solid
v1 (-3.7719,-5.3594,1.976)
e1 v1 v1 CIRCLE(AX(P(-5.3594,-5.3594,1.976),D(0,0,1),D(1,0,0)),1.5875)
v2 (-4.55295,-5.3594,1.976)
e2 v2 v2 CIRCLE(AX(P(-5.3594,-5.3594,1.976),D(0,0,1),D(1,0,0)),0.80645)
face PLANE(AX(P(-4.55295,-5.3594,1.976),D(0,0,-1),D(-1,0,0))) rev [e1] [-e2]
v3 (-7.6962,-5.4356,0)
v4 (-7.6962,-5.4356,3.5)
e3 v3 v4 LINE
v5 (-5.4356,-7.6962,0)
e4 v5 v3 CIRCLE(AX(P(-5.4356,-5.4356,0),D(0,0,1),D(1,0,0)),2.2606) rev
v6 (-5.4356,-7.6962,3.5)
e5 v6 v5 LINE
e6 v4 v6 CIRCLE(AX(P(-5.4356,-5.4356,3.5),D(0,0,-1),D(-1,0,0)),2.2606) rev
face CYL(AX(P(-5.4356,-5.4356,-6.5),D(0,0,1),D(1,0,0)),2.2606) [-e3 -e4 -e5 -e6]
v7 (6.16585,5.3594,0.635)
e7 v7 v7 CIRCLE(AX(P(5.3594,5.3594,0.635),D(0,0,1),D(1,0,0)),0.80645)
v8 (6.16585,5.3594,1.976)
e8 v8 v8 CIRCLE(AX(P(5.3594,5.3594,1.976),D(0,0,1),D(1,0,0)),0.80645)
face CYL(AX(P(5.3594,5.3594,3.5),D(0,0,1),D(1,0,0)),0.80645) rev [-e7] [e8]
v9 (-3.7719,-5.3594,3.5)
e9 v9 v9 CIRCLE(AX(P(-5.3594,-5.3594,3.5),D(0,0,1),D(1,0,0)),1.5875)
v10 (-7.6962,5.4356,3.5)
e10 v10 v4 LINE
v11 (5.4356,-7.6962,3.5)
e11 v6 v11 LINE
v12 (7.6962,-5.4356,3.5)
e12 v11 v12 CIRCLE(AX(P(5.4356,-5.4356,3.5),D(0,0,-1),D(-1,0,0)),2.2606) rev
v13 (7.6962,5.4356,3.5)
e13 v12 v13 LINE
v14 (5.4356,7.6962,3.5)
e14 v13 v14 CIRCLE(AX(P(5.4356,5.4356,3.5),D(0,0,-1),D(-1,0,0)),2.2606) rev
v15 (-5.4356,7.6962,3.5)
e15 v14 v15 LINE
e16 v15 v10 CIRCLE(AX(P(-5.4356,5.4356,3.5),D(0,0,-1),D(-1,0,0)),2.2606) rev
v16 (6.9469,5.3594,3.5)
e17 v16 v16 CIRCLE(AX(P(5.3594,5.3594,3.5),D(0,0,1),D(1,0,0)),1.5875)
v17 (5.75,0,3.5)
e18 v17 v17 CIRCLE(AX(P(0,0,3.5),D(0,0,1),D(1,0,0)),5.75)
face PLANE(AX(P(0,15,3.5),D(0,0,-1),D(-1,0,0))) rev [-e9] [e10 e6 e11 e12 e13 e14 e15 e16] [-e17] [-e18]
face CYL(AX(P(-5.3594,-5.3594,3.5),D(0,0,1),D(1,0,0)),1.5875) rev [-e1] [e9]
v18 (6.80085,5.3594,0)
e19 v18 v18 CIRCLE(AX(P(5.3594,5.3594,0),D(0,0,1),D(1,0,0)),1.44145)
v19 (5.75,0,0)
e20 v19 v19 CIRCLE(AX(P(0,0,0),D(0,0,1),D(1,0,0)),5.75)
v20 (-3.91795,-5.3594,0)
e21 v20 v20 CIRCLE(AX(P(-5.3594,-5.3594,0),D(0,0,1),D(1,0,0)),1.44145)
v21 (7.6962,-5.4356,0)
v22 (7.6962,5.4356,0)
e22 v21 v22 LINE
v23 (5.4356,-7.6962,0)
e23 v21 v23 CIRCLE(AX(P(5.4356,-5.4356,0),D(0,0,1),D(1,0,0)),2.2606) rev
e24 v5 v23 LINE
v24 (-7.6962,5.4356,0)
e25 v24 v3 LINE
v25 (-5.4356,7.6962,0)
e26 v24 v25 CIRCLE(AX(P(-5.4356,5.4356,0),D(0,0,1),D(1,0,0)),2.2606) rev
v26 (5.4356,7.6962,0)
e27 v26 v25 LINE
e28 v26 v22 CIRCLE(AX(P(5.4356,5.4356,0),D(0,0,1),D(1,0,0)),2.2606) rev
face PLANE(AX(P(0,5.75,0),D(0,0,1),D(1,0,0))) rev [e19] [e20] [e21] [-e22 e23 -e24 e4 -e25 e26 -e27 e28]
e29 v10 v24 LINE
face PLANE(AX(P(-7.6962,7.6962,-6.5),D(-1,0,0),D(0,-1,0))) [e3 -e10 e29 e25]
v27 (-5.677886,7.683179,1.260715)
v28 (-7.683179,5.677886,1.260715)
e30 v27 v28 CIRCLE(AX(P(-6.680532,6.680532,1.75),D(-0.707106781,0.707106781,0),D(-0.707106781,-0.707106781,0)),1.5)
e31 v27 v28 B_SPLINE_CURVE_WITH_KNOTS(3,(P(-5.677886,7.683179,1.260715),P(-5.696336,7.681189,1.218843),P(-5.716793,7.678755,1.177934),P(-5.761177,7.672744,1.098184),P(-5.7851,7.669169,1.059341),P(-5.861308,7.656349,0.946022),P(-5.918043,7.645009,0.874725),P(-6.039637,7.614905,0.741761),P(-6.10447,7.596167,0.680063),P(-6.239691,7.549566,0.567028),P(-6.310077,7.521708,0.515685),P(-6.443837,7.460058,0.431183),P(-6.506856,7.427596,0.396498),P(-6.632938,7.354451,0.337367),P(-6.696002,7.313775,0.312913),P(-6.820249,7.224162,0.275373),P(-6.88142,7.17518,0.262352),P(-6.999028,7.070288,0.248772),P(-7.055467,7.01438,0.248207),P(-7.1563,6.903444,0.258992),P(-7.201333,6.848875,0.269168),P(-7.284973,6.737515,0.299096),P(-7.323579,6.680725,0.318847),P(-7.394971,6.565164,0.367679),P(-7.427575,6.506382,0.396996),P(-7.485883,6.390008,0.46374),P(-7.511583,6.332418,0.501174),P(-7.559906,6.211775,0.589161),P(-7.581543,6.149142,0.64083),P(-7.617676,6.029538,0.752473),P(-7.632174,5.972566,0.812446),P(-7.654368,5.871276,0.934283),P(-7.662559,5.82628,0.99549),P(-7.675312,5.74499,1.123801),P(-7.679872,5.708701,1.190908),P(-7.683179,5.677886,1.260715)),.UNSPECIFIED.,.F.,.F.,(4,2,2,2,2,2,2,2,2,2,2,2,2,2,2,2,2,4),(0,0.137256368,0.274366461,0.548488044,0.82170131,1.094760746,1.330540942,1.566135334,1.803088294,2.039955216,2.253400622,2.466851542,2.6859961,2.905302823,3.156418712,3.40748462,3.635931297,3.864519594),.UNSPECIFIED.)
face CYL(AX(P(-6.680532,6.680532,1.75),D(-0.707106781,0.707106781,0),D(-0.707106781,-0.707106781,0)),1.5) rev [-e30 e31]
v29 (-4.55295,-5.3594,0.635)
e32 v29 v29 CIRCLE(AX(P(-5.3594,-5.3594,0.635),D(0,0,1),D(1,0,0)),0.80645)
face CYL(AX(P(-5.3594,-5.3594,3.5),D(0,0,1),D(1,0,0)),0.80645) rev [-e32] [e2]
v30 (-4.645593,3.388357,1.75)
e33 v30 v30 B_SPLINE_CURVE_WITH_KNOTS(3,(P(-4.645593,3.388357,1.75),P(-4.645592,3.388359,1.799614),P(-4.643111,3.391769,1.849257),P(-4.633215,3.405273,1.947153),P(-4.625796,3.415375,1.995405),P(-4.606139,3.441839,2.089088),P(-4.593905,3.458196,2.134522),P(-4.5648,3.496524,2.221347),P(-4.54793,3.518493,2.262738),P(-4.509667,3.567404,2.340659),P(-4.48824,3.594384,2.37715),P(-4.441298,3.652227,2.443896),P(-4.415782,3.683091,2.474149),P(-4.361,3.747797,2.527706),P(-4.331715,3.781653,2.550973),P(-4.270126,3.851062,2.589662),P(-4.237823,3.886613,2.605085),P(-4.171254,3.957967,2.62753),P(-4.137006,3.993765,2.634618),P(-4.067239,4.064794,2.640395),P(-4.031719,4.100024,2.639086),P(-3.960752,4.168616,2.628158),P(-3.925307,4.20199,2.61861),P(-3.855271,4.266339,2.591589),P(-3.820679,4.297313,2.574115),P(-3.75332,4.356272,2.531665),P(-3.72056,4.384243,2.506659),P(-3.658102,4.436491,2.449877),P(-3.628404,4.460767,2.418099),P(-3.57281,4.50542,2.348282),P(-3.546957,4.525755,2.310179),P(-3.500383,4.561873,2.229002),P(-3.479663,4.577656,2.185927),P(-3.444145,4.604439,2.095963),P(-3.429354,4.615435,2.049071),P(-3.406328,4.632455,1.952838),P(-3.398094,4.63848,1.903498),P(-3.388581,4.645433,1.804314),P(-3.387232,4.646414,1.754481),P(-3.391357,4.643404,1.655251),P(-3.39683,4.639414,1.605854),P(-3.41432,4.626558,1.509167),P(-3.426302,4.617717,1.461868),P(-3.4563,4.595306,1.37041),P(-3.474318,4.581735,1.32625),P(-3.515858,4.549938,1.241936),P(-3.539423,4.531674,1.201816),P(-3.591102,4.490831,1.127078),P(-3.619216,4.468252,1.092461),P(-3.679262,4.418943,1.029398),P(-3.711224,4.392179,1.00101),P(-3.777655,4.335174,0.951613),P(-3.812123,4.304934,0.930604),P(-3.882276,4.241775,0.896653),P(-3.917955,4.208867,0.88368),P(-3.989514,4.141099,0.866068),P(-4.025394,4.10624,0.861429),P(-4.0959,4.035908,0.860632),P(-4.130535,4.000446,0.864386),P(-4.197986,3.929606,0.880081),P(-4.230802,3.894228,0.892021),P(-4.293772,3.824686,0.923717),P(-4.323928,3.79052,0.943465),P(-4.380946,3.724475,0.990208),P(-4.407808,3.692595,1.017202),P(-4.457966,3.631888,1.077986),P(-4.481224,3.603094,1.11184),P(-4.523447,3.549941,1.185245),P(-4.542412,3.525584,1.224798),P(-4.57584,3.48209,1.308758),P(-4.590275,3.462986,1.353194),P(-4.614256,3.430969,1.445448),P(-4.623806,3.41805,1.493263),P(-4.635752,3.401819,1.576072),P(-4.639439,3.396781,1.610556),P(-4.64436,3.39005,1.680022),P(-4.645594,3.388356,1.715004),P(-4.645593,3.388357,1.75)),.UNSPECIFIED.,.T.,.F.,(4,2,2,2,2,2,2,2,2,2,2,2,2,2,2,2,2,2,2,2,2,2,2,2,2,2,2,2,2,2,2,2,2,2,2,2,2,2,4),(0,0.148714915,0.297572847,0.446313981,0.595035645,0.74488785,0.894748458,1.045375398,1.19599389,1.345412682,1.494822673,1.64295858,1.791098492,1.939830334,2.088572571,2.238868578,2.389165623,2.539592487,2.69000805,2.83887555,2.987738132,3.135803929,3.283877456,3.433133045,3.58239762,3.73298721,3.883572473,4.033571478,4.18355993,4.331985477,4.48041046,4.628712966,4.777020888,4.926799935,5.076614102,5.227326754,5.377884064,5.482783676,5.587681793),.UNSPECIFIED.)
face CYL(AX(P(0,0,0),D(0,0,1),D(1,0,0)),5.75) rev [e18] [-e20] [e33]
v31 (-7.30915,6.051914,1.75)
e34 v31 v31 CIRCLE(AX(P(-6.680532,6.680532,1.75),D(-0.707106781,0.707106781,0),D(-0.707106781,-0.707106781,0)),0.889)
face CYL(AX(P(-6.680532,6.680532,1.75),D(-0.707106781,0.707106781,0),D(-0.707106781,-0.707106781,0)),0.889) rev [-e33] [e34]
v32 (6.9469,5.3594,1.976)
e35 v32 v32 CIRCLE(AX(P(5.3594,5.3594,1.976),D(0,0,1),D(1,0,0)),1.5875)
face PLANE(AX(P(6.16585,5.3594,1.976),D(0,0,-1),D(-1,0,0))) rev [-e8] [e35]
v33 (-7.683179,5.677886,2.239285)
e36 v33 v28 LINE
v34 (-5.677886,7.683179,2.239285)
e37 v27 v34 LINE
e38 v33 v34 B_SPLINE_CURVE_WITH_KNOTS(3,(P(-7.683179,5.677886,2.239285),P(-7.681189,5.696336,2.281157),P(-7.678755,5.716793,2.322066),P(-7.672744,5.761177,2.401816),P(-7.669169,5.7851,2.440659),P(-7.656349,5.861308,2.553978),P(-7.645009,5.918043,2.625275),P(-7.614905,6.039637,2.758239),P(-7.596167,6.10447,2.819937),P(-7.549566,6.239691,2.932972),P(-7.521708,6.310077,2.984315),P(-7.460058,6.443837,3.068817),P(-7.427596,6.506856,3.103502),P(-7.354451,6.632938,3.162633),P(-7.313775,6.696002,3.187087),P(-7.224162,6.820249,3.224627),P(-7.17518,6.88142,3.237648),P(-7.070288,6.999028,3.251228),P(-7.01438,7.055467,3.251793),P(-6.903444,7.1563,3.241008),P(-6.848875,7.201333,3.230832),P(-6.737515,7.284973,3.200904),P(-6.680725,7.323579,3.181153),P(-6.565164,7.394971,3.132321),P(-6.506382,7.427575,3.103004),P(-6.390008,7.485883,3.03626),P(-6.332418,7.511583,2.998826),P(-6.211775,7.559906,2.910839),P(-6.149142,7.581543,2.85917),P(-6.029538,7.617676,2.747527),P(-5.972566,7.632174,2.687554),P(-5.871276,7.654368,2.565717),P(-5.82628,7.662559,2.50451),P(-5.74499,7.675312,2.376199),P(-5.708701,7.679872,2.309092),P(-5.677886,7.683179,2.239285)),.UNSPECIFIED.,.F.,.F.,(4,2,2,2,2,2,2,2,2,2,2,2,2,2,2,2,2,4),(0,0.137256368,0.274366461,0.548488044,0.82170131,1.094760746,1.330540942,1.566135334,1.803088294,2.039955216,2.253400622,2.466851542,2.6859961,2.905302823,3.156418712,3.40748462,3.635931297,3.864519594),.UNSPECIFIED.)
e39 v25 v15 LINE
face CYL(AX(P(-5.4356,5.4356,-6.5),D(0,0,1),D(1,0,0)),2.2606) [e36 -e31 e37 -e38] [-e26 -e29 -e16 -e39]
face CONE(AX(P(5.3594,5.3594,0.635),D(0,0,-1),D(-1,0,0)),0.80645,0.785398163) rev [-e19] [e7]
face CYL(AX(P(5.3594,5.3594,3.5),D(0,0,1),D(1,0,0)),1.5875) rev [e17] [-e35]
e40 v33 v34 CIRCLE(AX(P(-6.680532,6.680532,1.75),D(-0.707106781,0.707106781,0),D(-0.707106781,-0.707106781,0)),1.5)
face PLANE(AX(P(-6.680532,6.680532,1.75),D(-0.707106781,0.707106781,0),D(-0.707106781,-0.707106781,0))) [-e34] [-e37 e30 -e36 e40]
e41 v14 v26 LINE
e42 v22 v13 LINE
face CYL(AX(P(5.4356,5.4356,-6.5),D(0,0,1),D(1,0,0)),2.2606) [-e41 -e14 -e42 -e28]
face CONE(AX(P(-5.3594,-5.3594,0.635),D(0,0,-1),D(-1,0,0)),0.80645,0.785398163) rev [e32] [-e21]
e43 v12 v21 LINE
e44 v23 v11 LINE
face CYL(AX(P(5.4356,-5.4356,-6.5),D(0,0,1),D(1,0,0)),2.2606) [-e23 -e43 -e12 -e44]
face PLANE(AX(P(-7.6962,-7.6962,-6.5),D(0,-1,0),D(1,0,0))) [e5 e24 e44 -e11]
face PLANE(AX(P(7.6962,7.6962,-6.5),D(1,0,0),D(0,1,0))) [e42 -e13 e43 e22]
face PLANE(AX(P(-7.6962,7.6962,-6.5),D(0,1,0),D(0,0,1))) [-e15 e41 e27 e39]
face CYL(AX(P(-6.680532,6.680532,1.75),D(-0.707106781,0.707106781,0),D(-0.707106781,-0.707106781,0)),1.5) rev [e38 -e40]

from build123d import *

# Parameters (mm, degrees)
SKETCH1_W                                     = 3.5
SKETCH1_H                                     = 9.25
CBORE_FOR_0_SOCKET_HEAD_CAP_SCREW1_AT_2_COUNT = 2
CBORE_FOR_0_SOCKET_HEAD_CAP_SCREW1_AT_2_PITCH = 15.15867233
SKETCH5_OUTSIDE_W                             = 40.514
SKETCH5_OUTSIDE_H                             = 40.514
SKETCH5_OUTSIDE_W_2                           = 15.3924
SKETCH5_OUTSIDE_H_2                           = 15.3924
CUT_EXTRUDE1_DEPTH                            = 10
FILLET1_R                                     = 2.2606
SKETCH8_R                                     = 1.5
CUT_EXTRUDE2_DEPTH                            = 0.5
F_2_56_TAPPED_HOLE1_REACH                     = 22.332
F_2_56_TAPPED_HOLE1_BORE_R                    = 0.889


with BuildPart() as part:
    # Sketch1 → Revolve1 (revolve)
    with BuildSketch(Plane(origin=(0, 0, 0), x_dir=(0, 0, -1), z_dir=(1, 0, 0)), mode=Mode.PRIVATE) as revolve1_sk:
        with Locations((-1.75, 10.375)):
            Rectangle(SKETCH1_W, SKETCH1_H)
    revolve(revolve1_sk.sketch.rotate(Axis((0, 0, 0), (0, 0, -1)), 90), axis=Axis((0, 0, 0), (0, 0, -1)))  # turned: the seam where the file's is

    # Sketch3 → CBORE for #0 Socket Head Cap Screw1 (revolve, cut)
    with BuildSketch(Plane(origin=(5.359399999, 5.359399999, 3.5), x_dir=(0, -1, 0), z_dir=(1, 0, 0))):
        Polygon((0, 0), (0, 3.5), (1.44145, 3.5), (0.80645, 2.865), (0.80645, 1.524), (1.5875, 1.524), (1.5875, 0), align=None)
    cbore_for_0_socket_head_cap_screw1 = revolve(axis=Axis((5.359399999, 5.359399999, 9.85), (0, 0, -1)), mode=Mode.SUBTRACT)

    # CBORE for #0 Socket Head Cap Screw1 at 2: CBORE for #0 Socket Head Cap Screw1 ×2
    with Locations(*[Vector(-0.707106781, -0.707106781, 0) * (i * CBORE_FOR_0_SOCKET_HEAD_CAP_SCREW1_AT_2_PITCH) for i in range(1, CBORE_FOR_0_SOCKET_HEAD_CAP_SCREW1_AT_2_COUNT)]):
        add(cbore_for_0_socket_head_cap_screw1, mode=Mode.SUBTRACT)

    # Sketch5 outside → Cut-Extrude1 (cut)
    with BuildSketch(Plane.XY.offset(3.5)):
        Rectangle(SKETCH5_OUTSIDE_W, SKETCH5_OUTSIDE_H)
        Rectangle(SKETCH5_OUTSIDE_W_2, SKETCH5_OUTSIDE_H_2, mode=Mode.SUBTRACT)
    extrude(amount=-CUT_EXTRUDE1_DEPTH, mode=Mode.SUBTRACT)

    # Fillet1
    fillet1_edges = [part.edges().sort_by_distance(p)[0] for p in [
        (-7.6962, 7.6962, 1.75),
        (7.6962, 7.6962, 1.75),
        (7.6962, -7.6962, 1.75),
        (-7.6962, -7.6962, 1.75),
    ]]
    fillet(fillet1_edges, radius=FILLET1_R)

    # Sketch8 → Cut-Extrude2 (cut)
    with BuildSketch(Plane(origin=(-7.03408559, 7.03408559, 1.75), x_dir=(0, 0, 1), z_dir=(-0.707106781, 0.707106781, 0))):
        Circle(SKETCH8_R)
    extrude(amount=-CUT_EXTRUDE2_DEPTH, mode=Mode.SUBTRACT)

    # #2-56 Tapped Hole1 bore → #2-56 Tapped Hole1 (cut, up to next)
    with BuildSketch(Plane(origin=(-6.680532199, 6.680532199, 0), x_dir=(-0.707106781, -0.707106781, 0), z_dir=(-0.707106781, 0.707106781, 0)), mode=Mode.PRIVATE) as f_2_56_tapped_hole1_sk1:
        with Locations((0, 1.75)):
            Circle(F_2_56_TAPPED_HOLE1_BORE_R)
    f_2_56_tapped_hole1_tool1 = extrude(f_2_56_tapped_hole1_sk1.sketch, amount=-F_2_56_TAPPED_HOLE1_REACH, mode=Mode.PRIVATE) & part.part
    add(f_2_56_tapped_hole1_tool1.solids().sort_by_distance((-6.680532, 6.680532, 1.75))[0], mode=Mode.SUBTRACT)


solid = part.part
